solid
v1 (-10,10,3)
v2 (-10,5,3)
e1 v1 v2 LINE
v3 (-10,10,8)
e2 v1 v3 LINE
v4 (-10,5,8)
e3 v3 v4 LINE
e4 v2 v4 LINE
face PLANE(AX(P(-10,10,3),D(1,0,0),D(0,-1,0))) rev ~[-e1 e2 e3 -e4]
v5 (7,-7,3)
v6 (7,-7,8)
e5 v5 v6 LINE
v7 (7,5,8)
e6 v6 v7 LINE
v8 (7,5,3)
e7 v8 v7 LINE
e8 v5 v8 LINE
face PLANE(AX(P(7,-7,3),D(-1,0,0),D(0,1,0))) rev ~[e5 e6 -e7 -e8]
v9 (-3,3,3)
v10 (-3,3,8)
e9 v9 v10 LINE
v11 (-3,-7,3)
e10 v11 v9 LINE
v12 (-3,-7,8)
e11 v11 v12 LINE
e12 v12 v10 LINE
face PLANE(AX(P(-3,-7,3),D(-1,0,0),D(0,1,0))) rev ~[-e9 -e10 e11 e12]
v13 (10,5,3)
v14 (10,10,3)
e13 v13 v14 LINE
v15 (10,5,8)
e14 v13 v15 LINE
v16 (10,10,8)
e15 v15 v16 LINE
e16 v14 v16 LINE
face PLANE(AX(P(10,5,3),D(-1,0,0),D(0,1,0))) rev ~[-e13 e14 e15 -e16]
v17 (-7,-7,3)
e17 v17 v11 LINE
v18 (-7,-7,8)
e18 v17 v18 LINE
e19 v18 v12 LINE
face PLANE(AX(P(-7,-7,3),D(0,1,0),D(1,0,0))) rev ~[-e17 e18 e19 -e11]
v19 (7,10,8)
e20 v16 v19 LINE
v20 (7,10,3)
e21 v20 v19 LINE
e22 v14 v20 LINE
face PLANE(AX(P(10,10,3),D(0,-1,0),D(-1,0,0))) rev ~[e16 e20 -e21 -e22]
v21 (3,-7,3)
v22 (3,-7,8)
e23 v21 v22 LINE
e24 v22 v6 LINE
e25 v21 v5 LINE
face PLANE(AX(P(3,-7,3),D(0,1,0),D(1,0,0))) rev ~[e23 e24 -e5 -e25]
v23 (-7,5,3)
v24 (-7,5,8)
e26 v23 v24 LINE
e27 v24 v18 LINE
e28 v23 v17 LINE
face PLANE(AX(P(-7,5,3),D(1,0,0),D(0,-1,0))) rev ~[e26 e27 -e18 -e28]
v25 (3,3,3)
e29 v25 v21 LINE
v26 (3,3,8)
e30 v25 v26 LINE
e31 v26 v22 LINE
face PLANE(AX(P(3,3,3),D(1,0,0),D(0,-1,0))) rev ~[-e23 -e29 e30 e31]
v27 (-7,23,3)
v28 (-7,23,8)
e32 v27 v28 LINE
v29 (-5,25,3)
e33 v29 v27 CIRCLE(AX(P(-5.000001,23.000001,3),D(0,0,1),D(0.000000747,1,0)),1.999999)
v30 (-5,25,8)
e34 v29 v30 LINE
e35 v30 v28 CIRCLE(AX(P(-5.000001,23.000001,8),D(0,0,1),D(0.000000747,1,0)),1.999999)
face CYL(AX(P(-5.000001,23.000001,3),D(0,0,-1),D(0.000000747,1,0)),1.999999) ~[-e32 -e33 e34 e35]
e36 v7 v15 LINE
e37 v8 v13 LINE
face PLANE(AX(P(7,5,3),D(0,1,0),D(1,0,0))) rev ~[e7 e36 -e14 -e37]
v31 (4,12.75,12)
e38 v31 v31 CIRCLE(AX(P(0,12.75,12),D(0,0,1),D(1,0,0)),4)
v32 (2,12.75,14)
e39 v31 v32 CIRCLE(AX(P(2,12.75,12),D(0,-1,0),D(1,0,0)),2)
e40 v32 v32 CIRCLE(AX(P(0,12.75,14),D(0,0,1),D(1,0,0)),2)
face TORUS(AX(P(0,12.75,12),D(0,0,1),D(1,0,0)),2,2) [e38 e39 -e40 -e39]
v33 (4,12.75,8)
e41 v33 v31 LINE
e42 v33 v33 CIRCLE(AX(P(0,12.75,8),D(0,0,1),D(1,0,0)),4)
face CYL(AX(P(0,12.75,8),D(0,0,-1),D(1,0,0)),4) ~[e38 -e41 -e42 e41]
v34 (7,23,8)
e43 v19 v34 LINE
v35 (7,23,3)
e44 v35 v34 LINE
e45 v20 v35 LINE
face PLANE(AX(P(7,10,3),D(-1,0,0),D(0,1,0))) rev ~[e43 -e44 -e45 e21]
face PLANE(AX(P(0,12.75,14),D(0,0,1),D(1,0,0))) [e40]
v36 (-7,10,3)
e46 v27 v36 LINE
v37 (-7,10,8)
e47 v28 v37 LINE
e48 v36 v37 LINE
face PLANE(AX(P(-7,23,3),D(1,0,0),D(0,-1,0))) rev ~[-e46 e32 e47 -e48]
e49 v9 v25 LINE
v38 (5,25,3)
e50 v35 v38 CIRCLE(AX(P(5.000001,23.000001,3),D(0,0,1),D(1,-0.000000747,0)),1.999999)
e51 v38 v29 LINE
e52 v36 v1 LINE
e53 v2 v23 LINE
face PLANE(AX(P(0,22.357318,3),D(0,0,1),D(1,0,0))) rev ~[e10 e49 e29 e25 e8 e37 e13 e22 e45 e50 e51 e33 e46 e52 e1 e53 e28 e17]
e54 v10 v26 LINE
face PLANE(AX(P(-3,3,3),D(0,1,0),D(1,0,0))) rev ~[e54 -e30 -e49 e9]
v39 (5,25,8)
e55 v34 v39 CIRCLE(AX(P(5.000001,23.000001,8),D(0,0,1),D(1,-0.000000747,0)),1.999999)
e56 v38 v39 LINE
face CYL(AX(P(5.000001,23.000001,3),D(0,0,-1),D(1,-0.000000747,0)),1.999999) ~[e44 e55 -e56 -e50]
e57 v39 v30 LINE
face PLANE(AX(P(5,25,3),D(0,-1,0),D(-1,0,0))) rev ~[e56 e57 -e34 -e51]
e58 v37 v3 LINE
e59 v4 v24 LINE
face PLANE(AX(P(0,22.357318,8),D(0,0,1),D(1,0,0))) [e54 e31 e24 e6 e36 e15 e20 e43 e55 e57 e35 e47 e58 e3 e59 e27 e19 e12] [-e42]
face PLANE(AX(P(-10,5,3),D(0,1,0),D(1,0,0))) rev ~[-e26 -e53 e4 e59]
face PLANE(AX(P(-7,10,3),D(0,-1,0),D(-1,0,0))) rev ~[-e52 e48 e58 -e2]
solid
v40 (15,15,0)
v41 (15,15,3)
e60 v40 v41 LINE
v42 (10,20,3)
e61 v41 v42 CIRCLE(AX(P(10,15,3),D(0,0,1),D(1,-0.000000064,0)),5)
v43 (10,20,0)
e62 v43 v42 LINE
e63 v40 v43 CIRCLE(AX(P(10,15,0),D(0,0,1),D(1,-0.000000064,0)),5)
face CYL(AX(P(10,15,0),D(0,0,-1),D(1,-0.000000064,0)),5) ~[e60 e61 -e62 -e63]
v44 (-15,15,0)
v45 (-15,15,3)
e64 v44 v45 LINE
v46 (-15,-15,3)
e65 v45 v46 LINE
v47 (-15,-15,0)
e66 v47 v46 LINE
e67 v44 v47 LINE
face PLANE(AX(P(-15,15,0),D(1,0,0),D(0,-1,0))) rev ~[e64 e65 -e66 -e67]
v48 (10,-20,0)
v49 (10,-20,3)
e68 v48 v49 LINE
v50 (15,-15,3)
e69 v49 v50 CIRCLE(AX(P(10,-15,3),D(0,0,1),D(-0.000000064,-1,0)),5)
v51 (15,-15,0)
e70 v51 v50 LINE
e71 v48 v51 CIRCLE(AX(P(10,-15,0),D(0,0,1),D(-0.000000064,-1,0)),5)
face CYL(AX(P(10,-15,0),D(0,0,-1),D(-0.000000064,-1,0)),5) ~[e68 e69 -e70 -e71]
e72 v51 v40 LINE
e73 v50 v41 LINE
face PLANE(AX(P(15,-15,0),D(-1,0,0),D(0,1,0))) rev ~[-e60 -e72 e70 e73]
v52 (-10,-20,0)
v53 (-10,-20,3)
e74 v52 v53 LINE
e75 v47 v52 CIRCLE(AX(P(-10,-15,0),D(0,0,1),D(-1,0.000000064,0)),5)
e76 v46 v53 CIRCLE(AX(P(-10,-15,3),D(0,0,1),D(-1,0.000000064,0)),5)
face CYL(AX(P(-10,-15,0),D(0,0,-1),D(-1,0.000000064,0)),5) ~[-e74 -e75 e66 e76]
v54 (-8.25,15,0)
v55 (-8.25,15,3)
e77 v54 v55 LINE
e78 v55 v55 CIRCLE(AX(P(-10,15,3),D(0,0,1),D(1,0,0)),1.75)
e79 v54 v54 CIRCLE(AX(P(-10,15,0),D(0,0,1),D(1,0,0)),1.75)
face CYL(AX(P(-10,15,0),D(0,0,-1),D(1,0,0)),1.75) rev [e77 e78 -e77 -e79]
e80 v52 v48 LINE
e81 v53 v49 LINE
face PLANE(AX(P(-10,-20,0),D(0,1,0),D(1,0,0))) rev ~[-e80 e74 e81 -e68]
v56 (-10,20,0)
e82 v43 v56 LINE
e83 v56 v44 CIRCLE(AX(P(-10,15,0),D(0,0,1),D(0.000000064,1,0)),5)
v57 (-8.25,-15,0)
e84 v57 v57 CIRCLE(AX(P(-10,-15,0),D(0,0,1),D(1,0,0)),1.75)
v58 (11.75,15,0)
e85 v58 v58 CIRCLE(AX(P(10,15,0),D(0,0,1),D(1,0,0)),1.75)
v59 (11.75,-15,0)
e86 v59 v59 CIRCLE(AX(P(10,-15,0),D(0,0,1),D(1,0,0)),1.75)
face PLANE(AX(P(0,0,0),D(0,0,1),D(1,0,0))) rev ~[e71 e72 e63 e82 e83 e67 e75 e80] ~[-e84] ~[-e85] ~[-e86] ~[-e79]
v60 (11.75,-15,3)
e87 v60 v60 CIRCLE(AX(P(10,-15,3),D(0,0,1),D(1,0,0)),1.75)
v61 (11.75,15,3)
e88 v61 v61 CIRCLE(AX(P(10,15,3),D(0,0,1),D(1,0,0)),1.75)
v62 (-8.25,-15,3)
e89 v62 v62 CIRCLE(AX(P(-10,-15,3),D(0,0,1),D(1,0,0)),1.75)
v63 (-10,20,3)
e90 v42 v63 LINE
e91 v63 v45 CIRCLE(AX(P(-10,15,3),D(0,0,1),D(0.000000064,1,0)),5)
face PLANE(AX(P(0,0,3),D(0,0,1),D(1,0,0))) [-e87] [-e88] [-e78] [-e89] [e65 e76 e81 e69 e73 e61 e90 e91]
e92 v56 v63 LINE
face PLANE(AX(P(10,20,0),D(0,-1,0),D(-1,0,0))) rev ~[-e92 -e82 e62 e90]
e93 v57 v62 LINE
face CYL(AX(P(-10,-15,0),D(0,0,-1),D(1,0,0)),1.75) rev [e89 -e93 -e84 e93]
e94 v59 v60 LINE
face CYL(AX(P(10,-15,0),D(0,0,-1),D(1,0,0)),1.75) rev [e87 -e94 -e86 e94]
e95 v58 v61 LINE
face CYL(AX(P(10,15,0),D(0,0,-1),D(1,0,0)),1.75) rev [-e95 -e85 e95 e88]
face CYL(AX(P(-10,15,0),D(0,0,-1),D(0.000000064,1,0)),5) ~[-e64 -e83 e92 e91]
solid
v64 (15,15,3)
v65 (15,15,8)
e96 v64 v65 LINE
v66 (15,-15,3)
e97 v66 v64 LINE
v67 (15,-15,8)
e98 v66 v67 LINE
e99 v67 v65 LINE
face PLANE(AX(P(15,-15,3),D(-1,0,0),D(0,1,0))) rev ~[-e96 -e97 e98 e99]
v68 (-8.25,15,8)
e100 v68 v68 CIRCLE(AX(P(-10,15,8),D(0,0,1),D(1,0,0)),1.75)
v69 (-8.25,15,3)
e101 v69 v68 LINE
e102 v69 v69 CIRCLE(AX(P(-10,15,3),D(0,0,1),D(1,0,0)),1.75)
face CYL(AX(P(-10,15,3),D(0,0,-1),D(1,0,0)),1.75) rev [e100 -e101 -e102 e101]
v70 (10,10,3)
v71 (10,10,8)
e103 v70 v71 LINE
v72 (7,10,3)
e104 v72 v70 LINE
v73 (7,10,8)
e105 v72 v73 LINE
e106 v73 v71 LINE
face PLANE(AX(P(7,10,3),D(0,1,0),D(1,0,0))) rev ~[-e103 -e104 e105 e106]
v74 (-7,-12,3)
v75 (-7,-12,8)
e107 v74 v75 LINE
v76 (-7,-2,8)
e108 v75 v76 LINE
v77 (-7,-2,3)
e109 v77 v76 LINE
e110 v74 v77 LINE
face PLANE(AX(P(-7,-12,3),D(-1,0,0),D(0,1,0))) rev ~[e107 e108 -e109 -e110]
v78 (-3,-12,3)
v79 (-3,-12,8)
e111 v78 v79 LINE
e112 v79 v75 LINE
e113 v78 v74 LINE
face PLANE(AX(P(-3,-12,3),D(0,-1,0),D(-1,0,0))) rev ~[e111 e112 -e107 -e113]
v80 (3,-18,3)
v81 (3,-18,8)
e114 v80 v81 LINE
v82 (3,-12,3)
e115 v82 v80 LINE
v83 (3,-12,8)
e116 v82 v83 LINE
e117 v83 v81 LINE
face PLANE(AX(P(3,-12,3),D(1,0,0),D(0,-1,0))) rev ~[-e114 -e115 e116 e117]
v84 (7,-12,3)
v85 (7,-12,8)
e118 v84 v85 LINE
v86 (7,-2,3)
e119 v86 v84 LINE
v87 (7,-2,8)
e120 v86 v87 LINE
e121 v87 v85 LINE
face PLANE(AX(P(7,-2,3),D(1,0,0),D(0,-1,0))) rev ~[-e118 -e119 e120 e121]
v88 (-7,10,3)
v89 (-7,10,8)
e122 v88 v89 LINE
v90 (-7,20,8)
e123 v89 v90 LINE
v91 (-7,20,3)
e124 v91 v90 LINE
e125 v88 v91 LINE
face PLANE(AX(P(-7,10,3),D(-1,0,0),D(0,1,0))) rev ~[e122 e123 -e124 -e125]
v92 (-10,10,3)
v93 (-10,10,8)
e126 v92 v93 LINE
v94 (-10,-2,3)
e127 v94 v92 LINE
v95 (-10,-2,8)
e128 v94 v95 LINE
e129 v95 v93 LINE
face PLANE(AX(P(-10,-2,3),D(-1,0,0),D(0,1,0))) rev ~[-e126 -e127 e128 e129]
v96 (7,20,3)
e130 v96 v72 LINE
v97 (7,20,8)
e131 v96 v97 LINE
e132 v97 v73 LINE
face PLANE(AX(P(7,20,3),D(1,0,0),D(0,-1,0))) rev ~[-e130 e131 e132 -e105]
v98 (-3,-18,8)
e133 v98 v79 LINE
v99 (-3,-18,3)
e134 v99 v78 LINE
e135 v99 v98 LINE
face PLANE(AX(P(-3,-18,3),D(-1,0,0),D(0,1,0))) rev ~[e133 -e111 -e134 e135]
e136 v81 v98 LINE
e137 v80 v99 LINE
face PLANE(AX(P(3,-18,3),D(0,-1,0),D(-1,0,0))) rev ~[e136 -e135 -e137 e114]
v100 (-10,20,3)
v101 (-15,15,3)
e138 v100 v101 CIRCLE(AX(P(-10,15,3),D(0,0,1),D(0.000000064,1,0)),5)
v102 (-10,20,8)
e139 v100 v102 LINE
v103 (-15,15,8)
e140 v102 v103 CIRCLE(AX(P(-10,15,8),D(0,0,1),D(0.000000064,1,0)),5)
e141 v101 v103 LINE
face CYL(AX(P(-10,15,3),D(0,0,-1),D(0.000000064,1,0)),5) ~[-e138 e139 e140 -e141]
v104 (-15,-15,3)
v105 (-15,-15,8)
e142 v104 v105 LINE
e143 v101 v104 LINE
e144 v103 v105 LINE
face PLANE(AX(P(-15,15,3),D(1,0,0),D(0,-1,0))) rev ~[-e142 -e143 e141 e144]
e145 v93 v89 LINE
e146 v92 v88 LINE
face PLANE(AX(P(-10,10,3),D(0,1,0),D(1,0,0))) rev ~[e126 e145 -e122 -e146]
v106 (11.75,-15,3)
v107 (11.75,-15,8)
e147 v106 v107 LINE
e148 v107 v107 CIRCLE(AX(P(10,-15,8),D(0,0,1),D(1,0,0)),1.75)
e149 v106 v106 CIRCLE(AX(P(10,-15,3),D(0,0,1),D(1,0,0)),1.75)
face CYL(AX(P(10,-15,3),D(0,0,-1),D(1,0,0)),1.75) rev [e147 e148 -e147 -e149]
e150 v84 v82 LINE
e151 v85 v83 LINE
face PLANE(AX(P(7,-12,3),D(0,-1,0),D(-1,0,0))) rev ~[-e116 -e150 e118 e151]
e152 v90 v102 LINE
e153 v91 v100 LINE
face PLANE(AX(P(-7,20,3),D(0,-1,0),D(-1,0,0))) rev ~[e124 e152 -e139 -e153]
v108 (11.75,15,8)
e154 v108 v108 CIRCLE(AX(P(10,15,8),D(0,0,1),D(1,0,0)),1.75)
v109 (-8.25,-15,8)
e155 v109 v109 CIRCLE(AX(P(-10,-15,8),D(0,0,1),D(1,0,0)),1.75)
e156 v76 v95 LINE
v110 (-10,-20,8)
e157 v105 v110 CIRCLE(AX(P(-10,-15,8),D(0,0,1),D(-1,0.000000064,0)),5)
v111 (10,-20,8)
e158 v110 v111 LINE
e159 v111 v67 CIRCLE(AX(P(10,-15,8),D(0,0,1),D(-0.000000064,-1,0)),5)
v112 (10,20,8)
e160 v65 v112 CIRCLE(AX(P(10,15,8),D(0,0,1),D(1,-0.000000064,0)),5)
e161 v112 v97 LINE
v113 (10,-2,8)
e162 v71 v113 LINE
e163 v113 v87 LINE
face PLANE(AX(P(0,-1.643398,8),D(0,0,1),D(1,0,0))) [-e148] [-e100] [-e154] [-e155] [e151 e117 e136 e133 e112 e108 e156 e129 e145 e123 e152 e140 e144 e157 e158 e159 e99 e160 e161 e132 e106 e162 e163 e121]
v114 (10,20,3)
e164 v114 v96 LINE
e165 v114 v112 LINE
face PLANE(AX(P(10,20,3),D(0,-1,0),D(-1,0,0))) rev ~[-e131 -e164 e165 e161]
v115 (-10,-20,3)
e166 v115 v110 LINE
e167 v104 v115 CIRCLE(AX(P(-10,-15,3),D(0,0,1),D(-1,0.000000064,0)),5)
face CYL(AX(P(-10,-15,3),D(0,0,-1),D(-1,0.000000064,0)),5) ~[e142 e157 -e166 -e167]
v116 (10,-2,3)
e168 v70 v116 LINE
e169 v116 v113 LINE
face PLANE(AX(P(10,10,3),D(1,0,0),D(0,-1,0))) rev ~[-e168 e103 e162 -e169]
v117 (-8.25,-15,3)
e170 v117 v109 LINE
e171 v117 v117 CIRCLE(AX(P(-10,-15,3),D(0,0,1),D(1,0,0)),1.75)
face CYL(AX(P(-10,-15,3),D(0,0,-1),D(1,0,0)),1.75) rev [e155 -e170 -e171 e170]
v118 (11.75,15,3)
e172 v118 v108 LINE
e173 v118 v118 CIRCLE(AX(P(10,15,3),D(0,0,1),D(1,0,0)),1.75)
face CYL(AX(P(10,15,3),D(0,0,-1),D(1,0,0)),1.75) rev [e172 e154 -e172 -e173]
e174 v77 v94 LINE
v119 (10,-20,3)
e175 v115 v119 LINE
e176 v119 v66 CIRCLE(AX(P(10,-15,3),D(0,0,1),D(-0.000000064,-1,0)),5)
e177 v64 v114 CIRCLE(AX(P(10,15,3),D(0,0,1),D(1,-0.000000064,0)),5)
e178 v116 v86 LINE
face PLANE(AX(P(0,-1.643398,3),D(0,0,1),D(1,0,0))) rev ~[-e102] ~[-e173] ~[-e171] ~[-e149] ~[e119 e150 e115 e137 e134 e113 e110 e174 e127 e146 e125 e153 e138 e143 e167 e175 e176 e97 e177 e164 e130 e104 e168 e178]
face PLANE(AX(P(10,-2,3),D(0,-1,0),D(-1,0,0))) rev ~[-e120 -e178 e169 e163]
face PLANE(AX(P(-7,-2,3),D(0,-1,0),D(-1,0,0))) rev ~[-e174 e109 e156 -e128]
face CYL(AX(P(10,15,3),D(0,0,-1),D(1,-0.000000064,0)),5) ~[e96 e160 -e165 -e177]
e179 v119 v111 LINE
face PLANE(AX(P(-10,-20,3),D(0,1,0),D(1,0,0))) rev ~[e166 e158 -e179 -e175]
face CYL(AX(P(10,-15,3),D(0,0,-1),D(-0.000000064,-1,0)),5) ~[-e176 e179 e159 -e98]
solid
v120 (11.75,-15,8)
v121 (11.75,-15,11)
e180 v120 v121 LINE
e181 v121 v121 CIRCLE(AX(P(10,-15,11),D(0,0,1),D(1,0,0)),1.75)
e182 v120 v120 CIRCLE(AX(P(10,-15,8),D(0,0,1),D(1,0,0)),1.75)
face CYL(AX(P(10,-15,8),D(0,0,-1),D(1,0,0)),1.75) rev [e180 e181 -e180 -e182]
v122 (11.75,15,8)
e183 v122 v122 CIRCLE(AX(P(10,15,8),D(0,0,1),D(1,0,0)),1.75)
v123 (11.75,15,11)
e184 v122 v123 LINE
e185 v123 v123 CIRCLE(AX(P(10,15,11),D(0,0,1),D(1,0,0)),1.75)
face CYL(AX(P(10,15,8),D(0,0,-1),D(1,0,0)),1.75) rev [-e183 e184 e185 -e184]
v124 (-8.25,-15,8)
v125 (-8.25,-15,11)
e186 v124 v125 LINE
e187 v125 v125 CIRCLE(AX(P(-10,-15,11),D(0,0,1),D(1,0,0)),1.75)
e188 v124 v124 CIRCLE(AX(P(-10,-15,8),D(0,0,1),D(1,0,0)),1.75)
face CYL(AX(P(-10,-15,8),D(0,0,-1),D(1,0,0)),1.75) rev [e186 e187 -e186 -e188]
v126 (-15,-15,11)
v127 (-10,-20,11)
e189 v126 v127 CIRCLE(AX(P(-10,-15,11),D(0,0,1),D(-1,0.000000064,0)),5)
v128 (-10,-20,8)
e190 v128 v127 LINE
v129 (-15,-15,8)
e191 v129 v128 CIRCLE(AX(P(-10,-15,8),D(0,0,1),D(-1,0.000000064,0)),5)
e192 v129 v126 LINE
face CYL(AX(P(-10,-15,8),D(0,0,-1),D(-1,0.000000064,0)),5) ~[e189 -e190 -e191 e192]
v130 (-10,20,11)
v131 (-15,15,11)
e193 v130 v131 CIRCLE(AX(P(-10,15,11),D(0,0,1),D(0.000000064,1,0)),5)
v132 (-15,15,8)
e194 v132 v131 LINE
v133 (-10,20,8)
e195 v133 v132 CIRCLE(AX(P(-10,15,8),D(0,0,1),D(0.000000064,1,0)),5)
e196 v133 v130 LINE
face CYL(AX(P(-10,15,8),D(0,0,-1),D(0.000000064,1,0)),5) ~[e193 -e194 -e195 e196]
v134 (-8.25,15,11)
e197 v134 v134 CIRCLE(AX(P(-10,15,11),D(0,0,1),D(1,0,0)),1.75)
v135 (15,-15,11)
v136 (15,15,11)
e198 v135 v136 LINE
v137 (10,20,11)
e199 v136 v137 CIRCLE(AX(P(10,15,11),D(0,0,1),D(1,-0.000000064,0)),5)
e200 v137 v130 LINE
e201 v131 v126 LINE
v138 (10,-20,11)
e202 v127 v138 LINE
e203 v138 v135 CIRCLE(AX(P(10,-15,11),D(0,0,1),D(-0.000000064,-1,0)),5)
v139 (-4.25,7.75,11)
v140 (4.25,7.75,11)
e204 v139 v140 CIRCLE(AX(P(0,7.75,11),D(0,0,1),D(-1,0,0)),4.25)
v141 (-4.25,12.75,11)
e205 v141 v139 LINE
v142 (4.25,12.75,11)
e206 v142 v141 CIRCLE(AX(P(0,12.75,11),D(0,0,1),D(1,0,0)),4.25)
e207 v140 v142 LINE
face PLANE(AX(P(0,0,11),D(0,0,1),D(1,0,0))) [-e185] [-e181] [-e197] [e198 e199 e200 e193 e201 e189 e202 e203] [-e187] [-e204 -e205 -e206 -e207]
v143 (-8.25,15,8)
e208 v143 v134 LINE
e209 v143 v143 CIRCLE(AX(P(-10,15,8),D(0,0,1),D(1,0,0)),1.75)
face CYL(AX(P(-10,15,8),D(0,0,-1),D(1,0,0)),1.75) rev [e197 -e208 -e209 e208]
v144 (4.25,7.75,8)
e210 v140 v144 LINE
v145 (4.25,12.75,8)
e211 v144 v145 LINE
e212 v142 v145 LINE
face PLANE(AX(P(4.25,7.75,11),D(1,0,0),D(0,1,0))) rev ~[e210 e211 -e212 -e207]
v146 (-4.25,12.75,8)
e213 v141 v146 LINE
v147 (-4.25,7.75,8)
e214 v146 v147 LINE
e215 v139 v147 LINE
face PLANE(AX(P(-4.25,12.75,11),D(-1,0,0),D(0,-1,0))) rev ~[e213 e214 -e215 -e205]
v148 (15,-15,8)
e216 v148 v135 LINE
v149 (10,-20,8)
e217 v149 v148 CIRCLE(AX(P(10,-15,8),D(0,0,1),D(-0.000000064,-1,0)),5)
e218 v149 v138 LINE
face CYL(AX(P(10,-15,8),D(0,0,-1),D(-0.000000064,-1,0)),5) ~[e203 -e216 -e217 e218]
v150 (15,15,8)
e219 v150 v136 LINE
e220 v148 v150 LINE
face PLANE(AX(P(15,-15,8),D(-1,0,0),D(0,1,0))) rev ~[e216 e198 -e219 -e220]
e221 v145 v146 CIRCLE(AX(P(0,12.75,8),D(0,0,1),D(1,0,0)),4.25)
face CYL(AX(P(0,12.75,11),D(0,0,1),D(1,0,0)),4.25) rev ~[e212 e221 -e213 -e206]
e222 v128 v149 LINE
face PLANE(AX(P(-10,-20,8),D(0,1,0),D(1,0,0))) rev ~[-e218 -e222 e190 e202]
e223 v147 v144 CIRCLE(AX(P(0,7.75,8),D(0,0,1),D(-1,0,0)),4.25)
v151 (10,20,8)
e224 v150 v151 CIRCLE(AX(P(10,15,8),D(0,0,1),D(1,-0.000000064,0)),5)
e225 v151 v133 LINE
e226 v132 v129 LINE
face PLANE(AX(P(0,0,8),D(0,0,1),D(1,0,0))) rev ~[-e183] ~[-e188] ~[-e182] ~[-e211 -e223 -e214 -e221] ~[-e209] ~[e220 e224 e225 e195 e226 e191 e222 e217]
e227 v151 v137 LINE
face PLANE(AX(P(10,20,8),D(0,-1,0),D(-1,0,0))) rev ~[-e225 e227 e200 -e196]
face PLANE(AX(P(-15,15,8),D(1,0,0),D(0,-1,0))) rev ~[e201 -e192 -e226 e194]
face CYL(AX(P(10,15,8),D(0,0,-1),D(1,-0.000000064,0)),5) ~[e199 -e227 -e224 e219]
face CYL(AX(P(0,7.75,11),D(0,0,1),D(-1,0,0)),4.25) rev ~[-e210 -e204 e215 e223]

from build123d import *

# Parameters (mm, degrees)
F0_R      = 1.75
F1_DEPTH  = 3
F2_R      = 1.75
F3_DEPTH  = 5
F5_DEPTH  = 5
F6_R      = 1.75
F7_DEPTH  = 3
F9_DEPTH  = 3
F10_R     = 4
F11_DEPTH = 6
F12_R     = 2


with BuildPart() as f1:
    # F0 (on Top) → F1 (new body)
    with BuildSketch(Plane.XY):
        with BuildLine():
            Line((10, 20), (-10, 20))
            ThreePointArc((-10, 20), (-13.535534, 18.535534), (-15, 15))
            Line((-15, 15), (-15, -15))
            ThreePointArc((-15, -15), (-13.535534, -18.535534), (-10, -20))
            Line((-10, -20), (10, -20))
            ThreePointArc((10, -20), (13.535534, -18.535534), (15, -15))
            Line((15, -15), (15, 15))
            ThreePointArc((15, 15), (13.535534, 18.535534), (10, 20))
        make_face()
        with Locations((-10, -15)):
            Circle(F0_R, mode=Mode.SUBTRACT)
        with Locations((10, -15)):
            Circle(F0_R, mode=Mode.SUBTRACT)
        with Locations((-10, 15)):
            Circle(F0_R, mode=Mode.SUBTRACT)
        with Locations((10, 15)):
            Circle(F0_R, mode=Mode.SUBTRACT)
    extrude(amount=F1_DEPTH)


with BuildPart() as f3:
    # F2 (on face) → F3 (new body)
    with BuildSketch(Plane.XY.offset(3)):
        with BuildLine():
            Line((-7, 20), (-10, 20))
            ThreePointArc((-10, 20), (-13.535534, 18.535534), (-15, 15))
            Line((-15, 15), (-15, -15))
            ThreePointArc((-15, -15), (-13.535534, -18.535534), (-10, -20))
            Line((-10, -20), (-7, -20))
            Line((-7, -20), (7, -20))
            Line((7, -20), (10, -20))
            ThreePointArc((10, -20), (13.535534, -18.535534), (15, -15))
            Line((15, -15), (15, 15))
            ThreePointArc((15, 15), (13.535534, 18.535534), (10, 20))
            Line((10, 20), (7, 20))
            Line((7, 20), (7, 10))
            Line((7, 10), (10, 10))
            Line((10, 10), (10, -2))
            Line((10, -2), (7, -2))
            Line((7, -2), (7, -12))
            Line((7, -12), (3, -12))
            Line((3, -12), (3, -18))
            Line((3, -18), (-3, -18))
            Line((-3, -18), (-3, -12))
            Line((-3, -12), (-7, -12))
            Line((-7, -12), (-7, -2))
            Line((-7, -2), (-10, -2))
            Line((-10, -2), (-10, 10))
            Line((-10, 10), (-7, 10))
            Line((-7, 10), (-7, 20))
        make_face()
        with Locations((-10, -15)):
            Circle(F2_R, mode=Mode.SUBTRACT)
        with Locations((10, -15)):
            Circle(F2_R, mode=Mode.SUBTRACT)
        with Locations((-10, 15)):
            Circle(F2_R, mode=Mode.SUBTRACT)
        with Locations((10, 15)):
            Circle(F2_R, mode=Mode.SUBTRACT)
    extrude(amount=F3_DEPTH)


with BuildPart() as f5:
    # F4 (on face) → F5 (new body)
    with BuildSketch(Plane.XY.offset(3)):
        with BuildLine():
            Line((-7, 23), (-7, 20))
            Line((-7, 20), (7, 20))
            Line((7, 20), (7, 23))
            ThreePointArc((7, 23), (6.414214, 24.414214), (5, 25))
            Line((5, 25), (-5, 25))
            ThreePointArc((-5, 25), (-6.414214, 24.414214), (-7, 23))
        make_face()
        Polygon((-3, -7), (-3, 3), (3, 3), (3, -7), (7, -7), (7, 5), (10, 5), (10, 10), (7, 10), (7, 20), (-7, 20), (-7, 10), (-10, 10), (-10, 5), (-7, 5), (-7, -7), align=None)
    extrude(amount=F5_DEPTH)

    # F10 (on face) → F11 (join)
    with BuildSketch(Plane.XY.offset(8)):
        with Locations((0, 12.75)):
            Circle(F10_R)
    extrude(amount=F11_DEPTH)

    # F12
    f12_edges = [f5.edges().sort_by_distance(p)[0] for p in [
        (-4, 12.75, 14),
    ]]
    fillet(f12_edges, radius=F12_R)


with BuildPart() as f7:
    # F6 (on face) → F7 (new body)
    with BuildSketch(Plane.XY.offset(8)):
        with BuildLine():
            ThreePointArc((15, 15), (13.535534, 18.535534), (10, 20))
            Line((10, 20), (7, 20))
            Line((7, 20), (-7, 20))
            Line((-7, 20), (-10, 20))
            ThreePointArc((-10, 20), (-13.535534, 18.535534), (-15, 15))
            Line((-15, 15), (-15, -15))
            ThreePointArc((-15, -15), (-13.535534, -18.535534), (-10, -20))
            Line((-10, -20), (10, -20))
            ThreePointArc((10, -20), (13.535534, -18.535534), (15, -15))
            Line((15, -15), (15, 15))
        make_face()
        with Locations((-10, -15)):
            Circle(F6_R, mode=Mode.SUBTRACT)
        with Locations((10, -15)):
            Circle(F6_R, mode=Mode.SUBTRACT)
        with Locations((-10, 15)):
            Circle(F6_R, mode=Mode.SUBTRACT)
        with Locations((10, 15)):
            Circle(F6_R, mode=Mode.SUBTRACT)
    extrude(amount=F7_DEPTH)

    # F8 (on face) → F9 (cut)
    with BuildSketch(Plane.XY.offset(11)):
        with BuildLine():
            Line((4.25, 7.75), (4.25, 12.75))
            ThreePointArc((4.25, 12.75), (0, 17), (-4.25, 12.75))
            Line((-4.25, 12.75), (-4.25, 7.75))
            ThreePointArc((-4.25, 7.75), (0, 3.5), (4.25, 7.75))
        make_face()
    extrude(amount=-F9_DEPTH, mode=Mode.SUBTRACT)


solid = Compound([f1.part, f3.part, f5.part, f7.part])
